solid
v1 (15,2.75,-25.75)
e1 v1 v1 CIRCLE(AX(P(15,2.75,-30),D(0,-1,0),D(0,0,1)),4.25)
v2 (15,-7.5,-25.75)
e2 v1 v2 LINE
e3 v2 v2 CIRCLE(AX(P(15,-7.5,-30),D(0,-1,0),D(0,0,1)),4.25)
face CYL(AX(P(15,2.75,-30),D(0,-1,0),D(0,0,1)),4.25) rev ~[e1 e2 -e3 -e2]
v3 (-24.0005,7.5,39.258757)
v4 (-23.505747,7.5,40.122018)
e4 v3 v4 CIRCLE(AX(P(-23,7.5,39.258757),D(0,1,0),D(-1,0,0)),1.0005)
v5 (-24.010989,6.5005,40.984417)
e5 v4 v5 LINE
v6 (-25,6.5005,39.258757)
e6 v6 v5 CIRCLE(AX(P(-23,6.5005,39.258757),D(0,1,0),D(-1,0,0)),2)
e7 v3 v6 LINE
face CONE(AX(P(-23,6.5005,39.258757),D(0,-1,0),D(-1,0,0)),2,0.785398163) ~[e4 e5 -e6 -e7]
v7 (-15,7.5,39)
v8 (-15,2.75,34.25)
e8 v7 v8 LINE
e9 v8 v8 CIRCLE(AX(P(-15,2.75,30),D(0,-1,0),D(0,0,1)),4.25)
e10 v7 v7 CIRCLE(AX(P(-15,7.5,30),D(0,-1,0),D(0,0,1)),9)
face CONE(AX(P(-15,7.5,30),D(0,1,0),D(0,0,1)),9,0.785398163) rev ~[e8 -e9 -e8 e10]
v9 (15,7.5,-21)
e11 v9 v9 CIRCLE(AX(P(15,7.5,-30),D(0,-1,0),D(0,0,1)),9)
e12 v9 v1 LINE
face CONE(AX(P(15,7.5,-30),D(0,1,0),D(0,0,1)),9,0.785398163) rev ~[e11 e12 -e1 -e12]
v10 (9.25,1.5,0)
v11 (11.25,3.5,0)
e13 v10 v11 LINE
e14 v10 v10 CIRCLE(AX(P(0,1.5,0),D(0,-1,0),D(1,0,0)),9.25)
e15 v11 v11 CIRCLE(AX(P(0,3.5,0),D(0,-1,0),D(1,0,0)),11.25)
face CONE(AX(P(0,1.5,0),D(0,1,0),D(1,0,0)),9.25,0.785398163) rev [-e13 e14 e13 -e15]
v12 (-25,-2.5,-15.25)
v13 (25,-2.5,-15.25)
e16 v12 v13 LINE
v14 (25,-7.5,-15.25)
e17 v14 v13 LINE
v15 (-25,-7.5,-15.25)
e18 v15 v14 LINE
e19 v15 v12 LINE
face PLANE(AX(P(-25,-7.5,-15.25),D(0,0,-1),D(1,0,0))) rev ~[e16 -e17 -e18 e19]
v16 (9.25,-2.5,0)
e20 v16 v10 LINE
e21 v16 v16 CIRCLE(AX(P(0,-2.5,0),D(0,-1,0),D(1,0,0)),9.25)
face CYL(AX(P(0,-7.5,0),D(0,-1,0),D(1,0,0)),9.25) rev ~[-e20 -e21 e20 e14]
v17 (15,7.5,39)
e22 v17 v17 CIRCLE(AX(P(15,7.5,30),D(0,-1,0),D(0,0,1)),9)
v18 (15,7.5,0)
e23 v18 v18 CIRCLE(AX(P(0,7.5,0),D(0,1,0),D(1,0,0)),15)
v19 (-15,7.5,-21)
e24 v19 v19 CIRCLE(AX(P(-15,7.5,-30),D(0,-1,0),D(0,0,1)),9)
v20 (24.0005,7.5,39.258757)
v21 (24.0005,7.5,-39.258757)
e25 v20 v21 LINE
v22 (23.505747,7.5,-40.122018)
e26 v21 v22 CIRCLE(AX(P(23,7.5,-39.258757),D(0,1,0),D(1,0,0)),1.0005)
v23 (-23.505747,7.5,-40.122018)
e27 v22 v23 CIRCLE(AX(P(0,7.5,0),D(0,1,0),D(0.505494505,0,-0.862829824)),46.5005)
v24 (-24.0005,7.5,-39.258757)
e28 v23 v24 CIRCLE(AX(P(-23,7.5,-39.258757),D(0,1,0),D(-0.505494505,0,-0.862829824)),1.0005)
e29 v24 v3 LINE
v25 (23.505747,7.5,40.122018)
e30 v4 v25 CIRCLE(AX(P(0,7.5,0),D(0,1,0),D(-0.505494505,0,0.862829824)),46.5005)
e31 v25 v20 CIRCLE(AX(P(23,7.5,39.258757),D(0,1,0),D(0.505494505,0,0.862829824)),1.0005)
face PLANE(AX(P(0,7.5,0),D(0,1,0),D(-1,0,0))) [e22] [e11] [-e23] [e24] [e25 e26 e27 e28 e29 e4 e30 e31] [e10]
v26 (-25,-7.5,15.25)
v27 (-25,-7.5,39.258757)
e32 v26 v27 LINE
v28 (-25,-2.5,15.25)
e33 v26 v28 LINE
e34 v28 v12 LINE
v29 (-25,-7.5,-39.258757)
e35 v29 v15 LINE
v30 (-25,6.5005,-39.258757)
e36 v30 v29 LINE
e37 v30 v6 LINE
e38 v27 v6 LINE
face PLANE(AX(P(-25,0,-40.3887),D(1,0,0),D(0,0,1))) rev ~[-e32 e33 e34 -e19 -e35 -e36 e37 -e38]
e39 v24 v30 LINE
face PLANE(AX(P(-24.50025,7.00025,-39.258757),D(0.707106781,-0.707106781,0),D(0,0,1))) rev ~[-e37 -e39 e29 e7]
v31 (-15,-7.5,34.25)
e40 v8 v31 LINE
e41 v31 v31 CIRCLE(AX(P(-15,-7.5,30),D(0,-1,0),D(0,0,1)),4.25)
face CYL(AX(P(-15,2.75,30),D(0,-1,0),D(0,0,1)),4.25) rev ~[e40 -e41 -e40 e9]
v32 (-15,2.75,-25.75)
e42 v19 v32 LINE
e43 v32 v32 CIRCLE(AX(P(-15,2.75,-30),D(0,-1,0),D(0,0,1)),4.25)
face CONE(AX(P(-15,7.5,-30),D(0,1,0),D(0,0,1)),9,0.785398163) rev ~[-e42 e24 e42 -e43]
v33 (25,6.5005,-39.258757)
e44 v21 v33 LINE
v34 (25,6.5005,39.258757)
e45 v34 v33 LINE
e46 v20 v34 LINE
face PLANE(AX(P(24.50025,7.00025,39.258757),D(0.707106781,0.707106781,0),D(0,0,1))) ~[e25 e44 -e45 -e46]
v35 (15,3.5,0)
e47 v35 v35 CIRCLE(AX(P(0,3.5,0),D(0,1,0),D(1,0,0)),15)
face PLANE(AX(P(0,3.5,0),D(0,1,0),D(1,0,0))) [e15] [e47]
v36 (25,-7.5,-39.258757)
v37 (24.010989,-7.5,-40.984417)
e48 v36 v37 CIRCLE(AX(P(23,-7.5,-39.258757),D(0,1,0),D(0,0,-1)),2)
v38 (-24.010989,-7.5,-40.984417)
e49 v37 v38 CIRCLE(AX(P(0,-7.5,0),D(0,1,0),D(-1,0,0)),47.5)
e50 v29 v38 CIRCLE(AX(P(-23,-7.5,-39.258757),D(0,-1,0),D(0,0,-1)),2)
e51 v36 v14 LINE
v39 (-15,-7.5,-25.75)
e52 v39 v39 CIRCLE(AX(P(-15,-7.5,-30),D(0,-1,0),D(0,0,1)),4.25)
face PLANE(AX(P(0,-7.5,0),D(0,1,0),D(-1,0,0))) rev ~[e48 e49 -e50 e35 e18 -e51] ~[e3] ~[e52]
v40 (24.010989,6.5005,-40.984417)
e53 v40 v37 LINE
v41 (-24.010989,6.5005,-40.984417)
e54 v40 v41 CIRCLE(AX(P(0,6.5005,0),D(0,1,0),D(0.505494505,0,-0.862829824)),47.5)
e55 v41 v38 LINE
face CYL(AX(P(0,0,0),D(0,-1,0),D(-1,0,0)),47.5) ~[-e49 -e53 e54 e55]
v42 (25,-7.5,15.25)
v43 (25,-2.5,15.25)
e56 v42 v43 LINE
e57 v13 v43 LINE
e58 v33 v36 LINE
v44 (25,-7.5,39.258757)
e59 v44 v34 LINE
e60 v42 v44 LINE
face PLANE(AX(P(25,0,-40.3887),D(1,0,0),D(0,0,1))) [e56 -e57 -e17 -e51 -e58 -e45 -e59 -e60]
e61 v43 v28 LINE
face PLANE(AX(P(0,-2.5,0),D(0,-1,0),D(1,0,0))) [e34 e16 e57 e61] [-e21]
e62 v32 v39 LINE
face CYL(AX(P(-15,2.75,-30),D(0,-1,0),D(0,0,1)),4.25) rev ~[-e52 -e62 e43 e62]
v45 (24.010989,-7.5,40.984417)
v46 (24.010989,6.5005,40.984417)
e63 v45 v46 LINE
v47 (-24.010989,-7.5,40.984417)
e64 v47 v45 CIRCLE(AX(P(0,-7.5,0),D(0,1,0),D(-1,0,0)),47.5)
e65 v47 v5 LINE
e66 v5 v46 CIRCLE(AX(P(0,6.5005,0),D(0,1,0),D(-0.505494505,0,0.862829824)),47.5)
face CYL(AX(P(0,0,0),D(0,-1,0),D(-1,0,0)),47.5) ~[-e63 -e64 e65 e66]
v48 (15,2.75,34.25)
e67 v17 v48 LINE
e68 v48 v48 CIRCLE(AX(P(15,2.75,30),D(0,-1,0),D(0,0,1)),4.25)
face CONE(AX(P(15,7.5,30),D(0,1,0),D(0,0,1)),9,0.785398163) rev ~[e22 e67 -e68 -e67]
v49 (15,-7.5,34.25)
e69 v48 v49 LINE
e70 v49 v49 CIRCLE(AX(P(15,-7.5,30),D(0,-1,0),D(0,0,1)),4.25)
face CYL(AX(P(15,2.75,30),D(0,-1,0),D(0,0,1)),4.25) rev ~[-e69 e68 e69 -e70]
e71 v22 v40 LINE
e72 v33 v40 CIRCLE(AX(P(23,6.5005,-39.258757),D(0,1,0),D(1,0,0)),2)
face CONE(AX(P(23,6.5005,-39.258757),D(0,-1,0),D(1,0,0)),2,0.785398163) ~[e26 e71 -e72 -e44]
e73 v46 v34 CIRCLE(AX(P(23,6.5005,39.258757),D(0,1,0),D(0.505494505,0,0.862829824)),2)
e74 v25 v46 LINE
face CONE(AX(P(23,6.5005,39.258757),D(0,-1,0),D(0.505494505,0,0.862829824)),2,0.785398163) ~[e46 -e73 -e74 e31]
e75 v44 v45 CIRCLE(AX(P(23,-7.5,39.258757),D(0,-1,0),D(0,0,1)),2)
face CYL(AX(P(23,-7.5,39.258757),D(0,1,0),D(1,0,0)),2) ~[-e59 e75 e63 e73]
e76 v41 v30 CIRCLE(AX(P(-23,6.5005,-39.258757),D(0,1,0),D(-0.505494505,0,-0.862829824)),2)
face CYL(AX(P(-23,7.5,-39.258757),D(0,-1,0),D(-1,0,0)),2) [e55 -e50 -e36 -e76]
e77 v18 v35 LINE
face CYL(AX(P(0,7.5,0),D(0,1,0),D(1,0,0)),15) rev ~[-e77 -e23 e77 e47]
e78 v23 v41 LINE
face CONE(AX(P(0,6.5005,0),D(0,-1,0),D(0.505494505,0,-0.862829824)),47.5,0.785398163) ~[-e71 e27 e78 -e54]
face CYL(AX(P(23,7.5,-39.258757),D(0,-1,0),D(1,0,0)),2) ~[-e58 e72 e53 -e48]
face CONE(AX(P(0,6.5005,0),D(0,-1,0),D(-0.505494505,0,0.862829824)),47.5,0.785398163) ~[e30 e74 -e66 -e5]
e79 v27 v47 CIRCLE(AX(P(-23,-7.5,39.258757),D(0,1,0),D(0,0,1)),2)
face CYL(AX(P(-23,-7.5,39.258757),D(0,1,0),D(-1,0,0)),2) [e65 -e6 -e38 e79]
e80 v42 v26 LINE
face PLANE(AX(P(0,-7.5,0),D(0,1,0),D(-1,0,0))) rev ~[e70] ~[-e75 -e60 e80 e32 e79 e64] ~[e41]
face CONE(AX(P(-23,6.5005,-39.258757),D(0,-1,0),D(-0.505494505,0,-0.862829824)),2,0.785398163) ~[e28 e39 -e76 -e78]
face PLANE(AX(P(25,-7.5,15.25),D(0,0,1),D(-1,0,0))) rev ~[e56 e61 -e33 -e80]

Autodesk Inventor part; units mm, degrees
ref_plane "YZ Plane" through (0, 0, 0) normal (1, 0, 0) x (0, 1, 0)
ref_plane "XZ Plane" through (0, 0, 0) normal (0, 1, 0) x (-1, 0, 0)
ref_plane "XY Plane" through (0, 0, 0) normal (0, 0, 1) x (1, 0, 0)
sketch "Sketch2" plane through (0, 0, 0) normal (0, 1, 0) x (-1, 0, 0)
  circle A0 centre (0, 0) radius 47.5
  line L0 (25, -40.3887) -> (25, 40.3887)
  line L1 (66.5, 0) -> (-66.5, 0) construction
  line L2 (0, -66.5) -> (0, 66.5) construction
  line L3 (-25, -40.3887) -> (-25, 40.3887)
  dimension "d3" = 95
  dimension "d4" = 50
extrude "Extrusion2" add sketch "Sketch2" along normal mid plane 15 contours L0 A0 L3
sketch "Sketch3" plane through (0, -7.5, 0) normal (0, -1, 0) x (1, 0, 0)
  arc A0 (-25, -40.3887) -> (25, -40.3887) centre (0, 0) ccw projected
  line L0 (25, -40.3887) -> (25, 40.3887) projected
  arc A1 (25, 40.3887) -> (-25, 40.3887) centre (0, 0) ccw projected
  line L1 (-25, 40.3887) -> (-25, -40.3887) projected
  line L2 (-25, -15.25) -> (25, -15.25)
  line L3 (25, -15.25) -> (25, 15.25)
  line L4 (25, 15.25) -> (-25, 15.25)
  line L5 (-25, 15.25) -> (-25, -15.25)
  line L6 (-25, -15.25) -> (25, 15.25) construction
  line L7 (25, -15.25) -> (-25, 15.25) construction
  circle A2 centre (0, 0) radius 9.25
  dimension "d7" = 30.5
  dimension "d10" = 18.5
extrude "Extrusion3" cut sketch "Sketch3" against normal blind 5 contours L1 L4 L0 L2 | A2
extrude "Extrusion4" cut sketch "Sketch3" against normal through all contours A2
sketch "Sketch4" plane through (0, 7.5, 0) normal (0, 1, 0) x (1, 0, 0)
  circle A0 centre (0, 0) radius 15
  dimension "d13" = 30
extrude "Extrusion5" cut sketch "Sketch4" against normal blind 4
chamfer "Chamfer1" distance 2 angle 45 1 edges at (-9.25, 3.5, 0)
sketch "Sketch5" plane through (0, 7.5, 0) normal (0, 1, 0) x (1, 0, 0)
  line L0 (15, -30) -> (-15, -30) construction
  line L1 (-15, -30) -> (-15, 30) construction
  line L2 (-15, 30) -> (15, 30) construction
  line L3 (15, 30) -> (15, -30) construction
  line L4 (15, -30) -> (-15, 30) construction
  line L5 (-15, -30) -> (15, 30) construction
  point P0 (0, 0)
  dimension "d19" = 30
  dimension "d20" = 60
hole "Hole1" at (-15, 7.5, -30) at (15, 7.5, -30) at (-15, 7.5, 30) at (15, 7.5, 30) direction (0, -1, 0) diameter 8.5 end through all countersink diameter 18 countersink angle 90 clearance for "Countersunk Flat Head Screw ISO 2009/7046" size "M8" standard "ISO"
fillet "Fillet1" radius 2 4 edges at (25, 0, 40.3887) (-25, 0, 40.3887) (-25, 0, -40.3887) (25, 0, -40.3887)
chamfer "Chamfer2" distance 1 angle 45 8 edges at (0, 7.5, 47.5) (24.7352, 7.5, 40.2532) (25, 7.5, 0) (24.7352, 7.5, -40.2532) (0, 7.5, -47.5) (-24.7352, 7.5, -40.2532) (-25, 7.5, 0) (-24.7352, 7.5, 40.2532)
properties part number "HM1_FIXT2-002"
